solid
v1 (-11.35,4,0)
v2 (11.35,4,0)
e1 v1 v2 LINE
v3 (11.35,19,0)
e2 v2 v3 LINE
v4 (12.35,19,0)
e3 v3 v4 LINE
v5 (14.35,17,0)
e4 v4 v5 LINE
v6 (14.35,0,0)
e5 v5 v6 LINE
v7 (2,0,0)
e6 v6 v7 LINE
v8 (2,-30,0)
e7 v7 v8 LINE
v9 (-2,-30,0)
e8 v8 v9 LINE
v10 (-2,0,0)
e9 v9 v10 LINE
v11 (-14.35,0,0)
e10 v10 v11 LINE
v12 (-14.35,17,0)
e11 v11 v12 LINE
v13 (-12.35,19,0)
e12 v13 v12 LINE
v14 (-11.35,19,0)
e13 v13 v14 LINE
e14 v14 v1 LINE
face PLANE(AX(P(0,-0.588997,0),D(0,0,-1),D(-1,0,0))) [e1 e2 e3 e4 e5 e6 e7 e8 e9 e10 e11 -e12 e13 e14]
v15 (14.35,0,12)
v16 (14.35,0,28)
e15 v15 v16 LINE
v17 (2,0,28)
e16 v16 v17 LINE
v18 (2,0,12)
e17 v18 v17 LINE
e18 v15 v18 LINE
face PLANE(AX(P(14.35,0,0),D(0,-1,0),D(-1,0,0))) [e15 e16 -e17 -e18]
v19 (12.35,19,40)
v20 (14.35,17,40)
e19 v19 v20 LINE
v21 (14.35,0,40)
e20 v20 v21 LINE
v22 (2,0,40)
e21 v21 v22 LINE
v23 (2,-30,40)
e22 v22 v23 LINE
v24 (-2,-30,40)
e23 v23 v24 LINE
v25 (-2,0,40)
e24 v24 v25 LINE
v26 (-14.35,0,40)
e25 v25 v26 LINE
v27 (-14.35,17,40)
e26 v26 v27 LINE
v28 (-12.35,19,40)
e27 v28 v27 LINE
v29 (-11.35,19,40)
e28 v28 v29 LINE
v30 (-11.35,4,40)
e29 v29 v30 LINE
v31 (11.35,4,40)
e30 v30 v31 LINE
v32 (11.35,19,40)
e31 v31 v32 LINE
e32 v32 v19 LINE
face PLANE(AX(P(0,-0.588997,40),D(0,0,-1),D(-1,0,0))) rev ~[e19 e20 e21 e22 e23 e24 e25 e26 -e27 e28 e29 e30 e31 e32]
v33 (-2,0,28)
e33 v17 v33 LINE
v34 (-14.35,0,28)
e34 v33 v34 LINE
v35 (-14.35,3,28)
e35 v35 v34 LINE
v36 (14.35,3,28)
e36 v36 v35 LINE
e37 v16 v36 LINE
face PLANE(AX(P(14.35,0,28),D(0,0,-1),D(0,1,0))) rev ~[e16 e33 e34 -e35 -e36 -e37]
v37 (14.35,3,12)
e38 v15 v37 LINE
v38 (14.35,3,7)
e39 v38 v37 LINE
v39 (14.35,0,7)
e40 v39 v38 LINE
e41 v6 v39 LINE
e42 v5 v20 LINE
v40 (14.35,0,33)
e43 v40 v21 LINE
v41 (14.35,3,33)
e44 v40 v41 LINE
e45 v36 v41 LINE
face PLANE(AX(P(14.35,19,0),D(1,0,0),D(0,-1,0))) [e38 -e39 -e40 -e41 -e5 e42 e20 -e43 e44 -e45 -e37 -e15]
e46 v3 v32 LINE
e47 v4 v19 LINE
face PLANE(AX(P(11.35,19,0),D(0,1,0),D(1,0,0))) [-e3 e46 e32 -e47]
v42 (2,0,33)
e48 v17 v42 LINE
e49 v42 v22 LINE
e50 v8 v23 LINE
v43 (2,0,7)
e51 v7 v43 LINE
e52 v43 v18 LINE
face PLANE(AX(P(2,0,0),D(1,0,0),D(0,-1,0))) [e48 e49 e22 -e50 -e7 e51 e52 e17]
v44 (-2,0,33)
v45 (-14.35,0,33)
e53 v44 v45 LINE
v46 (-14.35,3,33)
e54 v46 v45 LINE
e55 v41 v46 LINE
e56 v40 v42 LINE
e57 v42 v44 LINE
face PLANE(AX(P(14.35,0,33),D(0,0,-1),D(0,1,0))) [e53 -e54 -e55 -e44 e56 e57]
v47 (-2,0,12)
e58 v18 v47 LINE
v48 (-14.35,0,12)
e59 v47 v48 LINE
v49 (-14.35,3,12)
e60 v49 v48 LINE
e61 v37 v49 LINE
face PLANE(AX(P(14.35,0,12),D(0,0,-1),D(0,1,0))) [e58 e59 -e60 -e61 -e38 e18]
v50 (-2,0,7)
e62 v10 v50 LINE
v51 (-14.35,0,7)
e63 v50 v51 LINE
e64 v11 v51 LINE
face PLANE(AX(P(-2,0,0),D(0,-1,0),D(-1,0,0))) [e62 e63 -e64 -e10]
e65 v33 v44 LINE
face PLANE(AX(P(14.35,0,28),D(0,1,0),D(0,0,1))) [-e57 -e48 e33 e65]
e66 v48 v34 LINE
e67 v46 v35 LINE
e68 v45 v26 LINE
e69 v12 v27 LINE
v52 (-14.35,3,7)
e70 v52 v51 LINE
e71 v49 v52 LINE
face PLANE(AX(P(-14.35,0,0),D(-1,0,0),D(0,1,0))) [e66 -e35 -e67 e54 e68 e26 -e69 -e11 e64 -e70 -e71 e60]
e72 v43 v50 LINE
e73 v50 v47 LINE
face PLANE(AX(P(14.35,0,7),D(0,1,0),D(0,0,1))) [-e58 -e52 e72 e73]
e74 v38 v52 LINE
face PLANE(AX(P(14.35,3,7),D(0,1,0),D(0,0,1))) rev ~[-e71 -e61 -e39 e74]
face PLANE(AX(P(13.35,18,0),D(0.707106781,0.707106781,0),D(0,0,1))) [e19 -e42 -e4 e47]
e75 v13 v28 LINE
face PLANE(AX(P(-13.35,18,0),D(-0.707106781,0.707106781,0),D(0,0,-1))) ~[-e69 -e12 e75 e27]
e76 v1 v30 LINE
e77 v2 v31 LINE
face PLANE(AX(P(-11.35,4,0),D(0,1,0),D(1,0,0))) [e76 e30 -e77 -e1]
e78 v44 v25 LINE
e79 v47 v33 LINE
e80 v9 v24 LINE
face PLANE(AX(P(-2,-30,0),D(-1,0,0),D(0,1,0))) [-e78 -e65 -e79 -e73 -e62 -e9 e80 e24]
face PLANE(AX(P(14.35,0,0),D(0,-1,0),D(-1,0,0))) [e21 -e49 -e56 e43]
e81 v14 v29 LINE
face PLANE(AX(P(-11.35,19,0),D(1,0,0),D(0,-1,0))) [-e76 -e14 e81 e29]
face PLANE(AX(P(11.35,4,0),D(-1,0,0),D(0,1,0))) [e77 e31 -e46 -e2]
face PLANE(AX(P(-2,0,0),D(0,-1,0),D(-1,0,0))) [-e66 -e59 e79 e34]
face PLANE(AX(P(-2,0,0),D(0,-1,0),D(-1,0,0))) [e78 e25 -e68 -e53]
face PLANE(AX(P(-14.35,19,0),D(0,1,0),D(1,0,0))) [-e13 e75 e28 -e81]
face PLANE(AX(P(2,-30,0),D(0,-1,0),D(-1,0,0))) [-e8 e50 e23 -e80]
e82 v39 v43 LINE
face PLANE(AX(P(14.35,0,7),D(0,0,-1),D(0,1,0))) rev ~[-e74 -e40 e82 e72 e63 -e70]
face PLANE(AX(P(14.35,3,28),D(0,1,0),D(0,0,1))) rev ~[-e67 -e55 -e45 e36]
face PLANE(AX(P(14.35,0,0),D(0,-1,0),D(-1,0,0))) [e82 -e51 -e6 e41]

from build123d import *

# Parameters (mm, degrees)
PAD_DEPTH    = 40
SKETCH001_W  = 3
SKETCH001_H  = 5
POCKET_DEPTH = 28.701
CHAMFER_SIZE = 2


with BuildPart() as part:
    # Sketch → Pad (new body)
    with BuildSketch(Plane.XY):
        Polygon((-14.35, 19), (-11.35, 19), (-11.35, 4), (11.35, 4), (11.35, 19), (14.35, 19), (14.35, 0), (2, 0), (2, -30), (-2, -30), (-2, 0), (-14.35, 0), align=None)
    extrude(amount=PAD_DEPTH)

    # Sketch001 (on Face6 of Pad) → Pocket (cut, through all)
    with BuildSketch(Plane.YZ.offset(14.35)):
        with Locations((1.5, 30.5)):
            Rectangle(SKETCH001_W, SKETCH001_H)
        with Locations((1.5, 9.5)):
            Rectangle(SKETCH001_W, SKETCH001_H)
    extrude(amount=-POCKET_DEPTH, mode=Mode.SUBTRACT)

    # Chamfer
    chamfer_edges = [part.edges().sort_by_distance(p)[0] for p in [
        (-14.35, 19, 20),
        (14.35, 19, 20),
    ]]
    chamfer(chamfer_edges, length=CHAMFER_SIZE)


solid = part.part
